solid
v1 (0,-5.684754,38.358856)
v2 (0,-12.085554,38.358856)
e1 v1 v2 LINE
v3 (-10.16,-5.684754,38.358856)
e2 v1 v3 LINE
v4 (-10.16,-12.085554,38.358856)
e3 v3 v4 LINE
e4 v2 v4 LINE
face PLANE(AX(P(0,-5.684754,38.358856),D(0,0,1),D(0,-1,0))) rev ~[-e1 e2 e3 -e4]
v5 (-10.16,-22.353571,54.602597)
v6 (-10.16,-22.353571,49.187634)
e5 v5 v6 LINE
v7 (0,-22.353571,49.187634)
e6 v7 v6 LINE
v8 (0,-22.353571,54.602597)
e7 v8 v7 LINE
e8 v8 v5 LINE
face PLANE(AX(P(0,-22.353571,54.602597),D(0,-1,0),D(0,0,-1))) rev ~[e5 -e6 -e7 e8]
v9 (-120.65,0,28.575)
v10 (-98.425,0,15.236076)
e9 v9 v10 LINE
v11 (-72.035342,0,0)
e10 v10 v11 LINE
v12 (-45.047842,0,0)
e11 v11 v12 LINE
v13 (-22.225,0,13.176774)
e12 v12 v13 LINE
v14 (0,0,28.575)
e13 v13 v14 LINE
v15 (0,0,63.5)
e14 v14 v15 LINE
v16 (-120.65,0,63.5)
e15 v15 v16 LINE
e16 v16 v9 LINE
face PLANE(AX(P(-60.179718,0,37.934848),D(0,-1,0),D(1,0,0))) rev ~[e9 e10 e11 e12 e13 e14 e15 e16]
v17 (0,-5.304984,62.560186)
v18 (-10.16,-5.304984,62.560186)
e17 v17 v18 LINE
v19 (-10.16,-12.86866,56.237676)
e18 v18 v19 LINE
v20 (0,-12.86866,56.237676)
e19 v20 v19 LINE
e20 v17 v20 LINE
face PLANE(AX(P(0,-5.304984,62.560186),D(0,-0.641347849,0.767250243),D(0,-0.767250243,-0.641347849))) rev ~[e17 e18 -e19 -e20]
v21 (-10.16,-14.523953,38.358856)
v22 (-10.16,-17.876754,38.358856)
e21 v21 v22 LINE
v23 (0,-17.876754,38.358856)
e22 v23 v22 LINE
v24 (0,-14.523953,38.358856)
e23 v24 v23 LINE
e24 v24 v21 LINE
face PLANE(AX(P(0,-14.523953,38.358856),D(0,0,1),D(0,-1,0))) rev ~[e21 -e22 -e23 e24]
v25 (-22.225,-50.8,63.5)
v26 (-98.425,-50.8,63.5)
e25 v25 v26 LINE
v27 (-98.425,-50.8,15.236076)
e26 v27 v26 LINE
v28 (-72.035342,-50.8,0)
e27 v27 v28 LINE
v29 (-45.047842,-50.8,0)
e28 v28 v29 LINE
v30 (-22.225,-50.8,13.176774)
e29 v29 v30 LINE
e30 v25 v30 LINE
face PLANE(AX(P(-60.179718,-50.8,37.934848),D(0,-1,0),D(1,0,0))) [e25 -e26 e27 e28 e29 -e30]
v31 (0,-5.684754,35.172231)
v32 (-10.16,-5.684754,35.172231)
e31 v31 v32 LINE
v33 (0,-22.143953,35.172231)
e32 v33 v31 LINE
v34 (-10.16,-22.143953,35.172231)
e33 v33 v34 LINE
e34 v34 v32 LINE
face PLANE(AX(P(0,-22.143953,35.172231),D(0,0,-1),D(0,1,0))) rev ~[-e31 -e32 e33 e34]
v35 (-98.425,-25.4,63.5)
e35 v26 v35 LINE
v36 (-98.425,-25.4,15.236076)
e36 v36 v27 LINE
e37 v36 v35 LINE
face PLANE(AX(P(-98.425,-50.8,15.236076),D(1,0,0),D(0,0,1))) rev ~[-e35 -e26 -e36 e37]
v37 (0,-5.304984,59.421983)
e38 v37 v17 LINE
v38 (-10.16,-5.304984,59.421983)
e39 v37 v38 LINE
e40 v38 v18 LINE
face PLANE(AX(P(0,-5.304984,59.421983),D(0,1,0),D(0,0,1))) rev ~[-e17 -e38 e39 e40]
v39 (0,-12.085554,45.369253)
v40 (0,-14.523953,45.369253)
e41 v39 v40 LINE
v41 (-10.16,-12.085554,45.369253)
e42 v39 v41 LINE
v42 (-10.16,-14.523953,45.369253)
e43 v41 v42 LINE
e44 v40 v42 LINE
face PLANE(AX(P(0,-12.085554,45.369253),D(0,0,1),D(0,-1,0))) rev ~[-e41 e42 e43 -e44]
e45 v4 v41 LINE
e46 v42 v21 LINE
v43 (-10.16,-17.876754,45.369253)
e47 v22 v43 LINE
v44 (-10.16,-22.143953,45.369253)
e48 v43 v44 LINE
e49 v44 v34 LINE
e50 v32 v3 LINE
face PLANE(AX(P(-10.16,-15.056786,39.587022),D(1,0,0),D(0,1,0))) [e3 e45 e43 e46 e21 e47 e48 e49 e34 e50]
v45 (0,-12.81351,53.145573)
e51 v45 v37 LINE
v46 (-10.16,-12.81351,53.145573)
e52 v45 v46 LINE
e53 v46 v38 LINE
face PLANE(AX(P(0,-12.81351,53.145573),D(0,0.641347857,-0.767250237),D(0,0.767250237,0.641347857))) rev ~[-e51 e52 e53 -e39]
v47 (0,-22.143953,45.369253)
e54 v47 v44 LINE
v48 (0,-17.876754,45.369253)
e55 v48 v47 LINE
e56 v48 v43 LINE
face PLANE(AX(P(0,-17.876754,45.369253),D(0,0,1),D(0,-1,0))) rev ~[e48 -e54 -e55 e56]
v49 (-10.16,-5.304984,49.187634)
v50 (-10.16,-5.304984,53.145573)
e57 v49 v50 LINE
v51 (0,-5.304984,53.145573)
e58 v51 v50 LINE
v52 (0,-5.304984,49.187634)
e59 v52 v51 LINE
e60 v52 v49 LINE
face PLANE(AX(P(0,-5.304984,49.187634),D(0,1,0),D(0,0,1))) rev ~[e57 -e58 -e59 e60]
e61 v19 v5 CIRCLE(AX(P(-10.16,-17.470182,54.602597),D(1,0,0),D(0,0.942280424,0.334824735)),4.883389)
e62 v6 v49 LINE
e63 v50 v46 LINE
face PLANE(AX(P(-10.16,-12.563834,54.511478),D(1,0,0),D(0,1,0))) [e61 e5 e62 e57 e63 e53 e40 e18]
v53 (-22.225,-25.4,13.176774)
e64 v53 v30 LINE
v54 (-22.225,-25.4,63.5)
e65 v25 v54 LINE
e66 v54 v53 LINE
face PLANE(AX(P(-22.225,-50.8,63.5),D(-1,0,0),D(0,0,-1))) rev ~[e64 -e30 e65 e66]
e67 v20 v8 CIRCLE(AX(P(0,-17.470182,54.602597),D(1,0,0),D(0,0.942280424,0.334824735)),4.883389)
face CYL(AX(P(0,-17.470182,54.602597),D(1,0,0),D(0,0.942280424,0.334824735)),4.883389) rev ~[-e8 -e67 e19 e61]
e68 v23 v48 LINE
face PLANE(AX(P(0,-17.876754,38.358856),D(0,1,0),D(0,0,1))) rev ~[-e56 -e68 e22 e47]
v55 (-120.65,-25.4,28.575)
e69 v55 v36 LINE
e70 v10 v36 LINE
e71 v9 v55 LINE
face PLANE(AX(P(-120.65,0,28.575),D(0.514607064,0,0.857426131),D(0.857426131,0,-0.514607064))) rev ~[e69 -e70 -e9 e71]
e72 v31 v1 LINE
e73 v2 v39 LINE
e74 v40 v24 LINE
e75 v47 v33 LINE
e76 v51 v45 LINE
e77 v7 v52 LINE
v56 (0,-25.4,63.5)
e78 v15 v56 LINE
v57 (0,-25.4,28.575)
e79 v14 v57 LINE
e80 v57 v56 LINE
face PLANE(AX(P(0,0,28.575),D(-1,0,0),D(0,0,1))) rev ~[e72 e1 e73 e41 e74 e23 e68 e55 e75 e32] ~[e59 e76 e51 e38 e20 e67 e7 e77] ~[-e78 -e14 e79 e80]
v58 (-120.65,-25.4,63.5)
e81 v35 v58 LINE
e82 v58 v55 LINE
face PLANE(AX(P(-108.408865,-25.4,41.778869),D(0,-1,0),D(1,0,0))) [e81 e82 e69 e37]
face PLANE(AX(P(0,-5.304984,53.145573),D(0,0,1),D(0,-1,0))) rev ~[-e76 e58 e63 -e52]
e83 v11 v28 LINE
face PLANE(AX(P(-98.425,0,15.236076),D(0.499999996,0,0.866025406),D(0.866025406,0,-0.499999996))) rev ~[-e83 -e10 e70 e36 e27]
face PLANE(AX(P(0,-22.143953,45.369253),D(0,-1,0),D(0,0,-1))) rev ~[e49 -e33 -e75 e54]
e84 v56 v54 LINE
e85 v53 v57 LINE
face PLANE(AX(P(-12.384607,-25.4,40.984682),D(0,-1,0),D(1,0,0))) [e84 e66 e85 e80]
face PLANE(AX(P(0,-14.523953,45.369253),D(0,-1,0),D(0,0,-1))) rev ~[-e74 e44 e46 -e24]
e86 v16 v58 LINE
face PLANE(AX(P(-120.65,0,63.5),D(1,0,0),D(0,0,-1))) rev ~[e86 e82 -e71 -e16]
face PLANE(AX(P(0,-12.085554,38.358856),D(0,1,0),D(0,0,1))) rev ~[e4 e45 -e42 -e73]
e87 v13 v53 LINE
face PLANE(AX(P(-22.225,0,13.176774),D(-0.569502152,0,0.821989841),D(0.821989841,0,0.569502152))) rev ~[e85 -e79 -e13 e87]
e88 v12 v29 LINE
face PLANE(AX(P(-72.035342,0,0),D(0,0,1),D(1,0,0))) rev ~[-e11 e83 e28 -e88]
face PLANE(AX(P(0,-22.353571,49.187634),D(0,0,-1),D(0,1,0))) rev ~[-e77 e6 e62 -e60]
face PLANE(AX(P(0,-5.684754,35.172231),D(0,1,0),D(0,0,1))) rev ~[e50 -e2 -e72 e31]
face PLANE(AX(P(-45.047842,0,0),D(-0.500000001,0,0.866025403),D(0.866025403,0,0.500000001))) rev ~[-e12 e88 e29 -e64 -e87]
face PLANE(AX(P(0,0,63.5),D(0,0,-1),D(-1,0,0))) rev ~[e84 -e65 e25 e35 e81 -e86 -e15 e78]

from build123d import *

# Parameters (mm, degrees)
F1_DEPTH = 50.8
F3_DEPTH = 25.4
F5_DEPTH = 10.16


with BuildPart() as f1:
    # F0 (on Front) → F1 (new body)
    with BuildSketch(Plane.XZ):
        Polygon((-72.035342, 0), (-45.047842, 0), (-22.225, 13.176774), (0, 28.575), (0, 63.5), (-120.65, 63.5), (-120.65, 28.575), (-98.425, 15.236076), align=None)
    extrude(amount=F1_DEPTH)

    # F2 (on face) → F3 (cut)
    with BuildSketch(Plane.XZ.offset(50.8)):
        Polygon((-22.225, 63.5), (-22.225, 13.176774), (0, 28.575), (0, 63.5), align=None)
        Polygon((-98.425, 15.236076), (-98.425, 63.5), (-120.65, 63.5), (-120.65, 28.575), align=None)
    extrude(amount=-F3_DEPTH, mode=Mode.SUBTRACT)

    # F4 (on face) → F5 (cut)
    with BuildSketch(Plane.YZ):
        Polygon((-22.143953, 35.172231), (-5.684754, 35.172231), (-5.684754, 38.358856), (-12.085554, 38.358856), (-12.085554, 45.369253), (-14.523953, 45.369253), (-14.523953, 38.358856), (-17.876754, 38.358856), (-17.876754, 45.369253), (-22.143953, 45.369253), align=None)
        with BuildLine():
            Line((-22.353571, 54.602597), (-22.353571, 49.187634))
            Line((-22.353571, 49.187634), (-5.304984, 49.187634))
            Line((-5.304984, 49.187634), (-5.304984, 53.145573))
            Line((-5.304984, 53.145573), (-12.81351, 53.145573))
            Line((-12.81351, 53.145573), (-5.304984, 59.421983))
            Line((-5.304984, 59.421983), (-5.304984, 62.560186))
            Line((-5.304984, 62.560186), (-12.86866, 56.237676))
            ThreePointArc((-12.86866, 56.237676), (-18.29978, 59.415003), (-22.353571, 54.602597))
        make_face()
    extrude(amount=-F5_DEPTH, mode=Mode.SUBTRACT)


solid = f1.part
